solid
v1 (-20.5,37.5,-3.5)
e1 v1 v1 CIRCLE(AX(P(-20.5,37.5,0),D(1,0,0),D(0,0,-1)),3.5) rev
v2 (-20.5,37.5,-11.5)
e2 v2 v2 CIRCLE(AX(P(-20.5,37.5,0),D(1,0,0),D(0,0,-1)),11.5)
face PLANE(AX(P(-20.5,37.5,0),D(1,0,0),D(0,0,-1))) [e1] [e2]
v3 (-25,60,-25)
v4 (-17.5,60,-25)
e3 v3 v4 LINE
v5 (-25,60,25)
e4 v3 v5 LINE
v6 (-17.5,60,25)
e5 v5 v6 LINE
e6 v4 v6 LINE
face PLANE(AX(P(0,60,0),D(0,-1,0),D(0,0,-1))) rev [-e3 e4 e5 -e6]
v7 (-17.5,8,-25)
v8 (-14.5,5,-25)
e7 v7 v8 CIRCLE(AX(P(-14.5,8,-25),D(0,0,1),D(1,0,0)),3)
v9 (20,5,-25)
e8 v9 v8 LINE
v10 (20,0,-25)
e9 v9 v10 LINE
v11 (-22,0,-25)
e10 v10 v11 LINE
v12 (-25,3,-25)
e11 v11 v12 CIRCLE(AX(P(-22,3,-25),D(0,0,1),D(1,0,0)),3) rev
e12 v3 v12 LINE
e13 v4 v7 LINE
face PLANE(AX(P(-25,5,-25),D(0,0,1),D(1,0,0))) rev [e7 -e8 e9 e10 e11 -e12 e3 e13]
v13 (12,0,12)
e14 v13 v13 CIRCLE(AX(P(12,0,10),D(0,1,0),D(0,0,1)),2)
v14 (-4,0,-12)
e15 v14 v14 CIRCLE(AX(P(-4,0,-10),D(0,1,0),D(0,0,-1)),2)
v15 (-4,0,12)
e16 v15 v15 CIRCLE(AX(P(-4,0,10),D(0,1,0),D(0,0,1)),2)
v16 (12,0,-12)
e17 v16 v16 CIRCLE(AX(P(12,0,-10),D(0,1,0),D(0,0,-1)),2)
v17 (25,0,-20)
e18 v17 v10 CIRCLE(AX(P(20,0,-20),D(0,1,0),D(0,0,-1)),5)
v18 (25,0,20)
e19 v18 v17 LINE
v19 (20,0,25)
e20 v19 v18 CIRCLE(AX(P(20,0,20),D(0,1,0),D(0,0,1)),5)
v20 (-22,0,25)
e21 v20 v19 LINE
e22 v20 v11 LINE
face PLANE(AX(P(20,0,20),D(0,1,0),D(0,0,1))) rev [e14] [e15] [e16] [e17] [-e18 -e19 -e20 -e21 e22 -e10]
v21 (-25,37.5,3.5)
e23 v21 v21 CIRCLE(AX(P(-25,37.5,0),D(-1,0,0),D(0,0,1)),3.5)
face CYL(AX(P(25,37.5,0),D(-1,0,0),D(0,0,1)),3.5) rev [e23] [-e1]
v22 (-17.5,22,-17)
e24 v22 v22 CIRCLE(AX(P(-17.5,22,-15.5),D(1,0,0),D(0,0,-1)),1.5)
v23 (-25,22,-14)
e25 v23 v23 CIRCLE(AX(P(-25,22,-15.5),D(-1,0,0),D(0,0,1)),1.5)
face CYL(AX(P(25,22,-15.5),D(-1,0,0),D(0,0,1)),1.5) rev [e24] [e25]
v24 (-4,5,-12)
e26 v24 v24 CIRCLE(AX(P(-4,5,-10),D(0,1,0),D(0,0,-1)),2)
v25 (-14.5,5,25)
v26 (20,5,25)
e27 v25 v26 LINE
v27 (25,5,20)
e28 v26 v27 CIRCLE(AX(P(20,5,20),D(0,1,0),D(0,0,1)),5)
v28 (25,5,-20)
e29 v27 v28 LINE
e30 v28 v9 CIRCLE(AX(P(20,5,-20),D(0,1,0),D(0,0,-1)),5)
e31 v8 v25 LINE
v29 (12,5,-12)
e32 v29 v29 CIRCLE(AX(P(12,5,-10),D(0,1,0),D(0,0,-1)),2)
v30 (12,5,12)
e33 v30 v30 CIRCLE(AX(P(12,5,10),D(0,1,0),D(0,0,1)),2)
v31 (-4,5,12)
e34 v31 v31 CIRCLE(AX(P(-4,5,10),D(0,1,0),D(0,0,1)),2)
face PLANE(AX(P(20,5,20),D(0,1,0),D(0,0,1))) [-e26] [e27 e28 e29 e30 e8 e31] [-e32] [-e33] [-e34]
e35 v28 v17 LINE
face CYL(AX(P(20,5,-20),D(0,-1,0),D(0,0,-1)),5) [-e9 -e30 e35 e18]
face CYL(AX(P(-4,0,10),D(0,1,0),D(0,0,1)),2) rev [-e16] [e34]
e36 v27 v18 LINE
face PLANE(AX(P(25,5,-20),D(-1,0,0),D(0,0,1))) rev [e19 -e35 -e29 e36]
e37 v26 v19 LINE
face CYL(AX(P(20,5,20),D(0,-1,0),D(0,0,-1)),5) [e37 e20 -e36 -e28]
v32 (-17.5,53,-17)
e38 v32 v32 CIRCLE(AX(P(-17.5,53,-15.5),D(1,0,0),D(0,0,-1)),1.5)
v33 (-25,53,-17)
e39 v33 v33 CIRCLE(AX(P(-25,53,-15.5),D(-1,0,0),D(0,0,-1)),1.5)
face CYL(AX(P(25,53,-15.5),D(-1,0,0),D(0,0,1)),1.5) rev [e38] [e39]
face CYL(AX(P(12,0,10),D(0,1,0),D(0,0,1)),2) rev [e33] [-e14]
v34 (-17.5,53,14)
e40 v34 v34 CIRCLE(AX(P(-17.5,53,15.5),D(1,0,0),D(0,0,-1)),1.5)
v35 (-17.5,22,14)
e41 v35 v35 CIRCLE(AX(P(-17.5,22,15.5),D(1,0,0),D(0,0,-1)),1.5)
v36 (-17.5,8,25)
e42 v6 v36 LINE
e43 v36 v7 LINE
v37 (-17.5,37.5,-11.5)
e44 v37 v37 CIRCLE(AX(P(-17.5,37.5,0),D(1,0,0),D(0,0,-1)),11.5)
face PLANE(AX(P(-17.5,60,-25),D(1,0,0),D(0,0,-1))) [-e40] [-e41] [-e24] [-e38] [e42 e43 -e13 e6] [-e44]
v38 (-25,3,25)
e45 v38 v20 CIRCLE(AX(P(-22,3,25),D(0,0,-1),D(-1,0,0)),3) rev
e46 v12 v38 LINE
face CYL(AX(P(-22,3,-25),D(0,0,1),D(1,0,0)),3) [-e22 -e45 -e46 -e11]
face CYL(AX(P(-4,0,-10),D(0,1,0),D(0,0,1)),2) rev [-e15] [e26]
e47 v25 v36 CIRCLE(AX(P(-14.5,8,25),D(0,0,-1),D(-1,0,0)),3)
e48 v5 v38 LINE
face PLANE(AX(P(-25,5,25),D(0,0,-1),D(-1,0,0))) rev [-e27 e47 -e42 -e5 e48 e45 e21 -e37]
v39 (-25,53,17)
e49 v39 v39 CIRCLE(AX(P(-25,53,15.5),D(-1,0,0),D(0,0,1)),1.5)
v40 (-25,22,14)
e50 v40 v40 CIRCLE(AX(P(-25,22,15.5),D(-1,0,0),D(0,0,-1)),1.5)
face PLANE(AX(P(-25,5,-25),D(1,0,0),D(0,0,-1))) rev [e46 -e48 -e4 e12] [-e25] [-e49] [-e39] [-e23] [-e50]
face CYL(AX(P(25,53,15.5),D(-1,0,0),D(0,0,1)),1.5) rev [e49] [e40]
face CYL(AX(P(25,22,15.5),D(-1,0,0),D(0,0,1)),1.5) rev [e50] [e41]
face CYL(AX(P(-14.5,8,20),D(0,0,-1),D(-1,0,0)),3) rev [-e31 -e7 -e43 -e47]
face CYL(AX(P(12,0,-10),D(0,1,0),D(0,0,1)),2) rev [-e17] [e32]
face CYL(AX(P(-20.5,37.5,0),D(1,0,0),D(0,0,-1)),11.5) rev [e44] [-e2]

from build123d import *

# Parameters (mm, degrees)
BOSS_EXTRUDE1_DEPTH = 5
SKETCH2_W           = 7.5
SKETCH2_H           = 50
BOSS_EXTRUDE2_DEPTH = 55
FILLET1_R           = 3
FILLET2_R           = 3
SKETCH3_R           = 1.5
SKETCH3_R_2         = 3.5
CUT_EXTRUDE1_DEPTH  = 83.006097334
SKETCH4_R           = 11.5
CUT_EXTRUDE2_DEPTH  = 3
SKETCH6_R           = 2
CUT_EXTRUDE3_DEPTH  = 66.383484153


with BuildPart() as part:
    # Sketch1 → Boss-Extrude1 (new body)
    with BuildSketch(Plane(origin=(0, 0, 0), x_dir=(1, 0, 0), z_dir=(0, 1, 0))):
        with BuildLine():
            Line((-25, 25), (20, 25))
            ThreePointArc((20, 25), (23.535533906, 23.535533906), (25, 20))
            Line((25, 20), (25, -20))
            ThreePointArc((25, -20), (23.535533906, -23.535533906), (20, -25))
            Line((20, -25), (-25, -25))
            Line((-25, -25), (-25, 25))
        make_face()
    extrude(amount=BOSS_EXTRUDE1_DEPTH)

    # Sketch2 → Boss-Extrude2 (add)
    with BuildSketch(Plane(origin=(0, 5, 0), x_dir=(1, 0, 0), z_dir=(0, 1, 0))):
        with Locations((-21.25, 0)):
            Rectangle(SKETCH2_W, SKETCH2_H)
    extrude(amount=BOSS_EXTRUDE2_DEPTH)

    # Fillet1
    fillet1_edges = [part.edges().sort_by_distance(p)[0] for p in [
        (-17.5, 5, 0),
    ]]
    fillet(fillet1_edges, radius=FILLET1_R)

    # Fillet2
    fillet2_edges = [part.edges().sort_by_distance(p)[0] for p in [
        (-25, 0, 0),
    ]]
    fillet(fillet2_edges, radius=FILLET2_R)

    # Sketch3 → Cut-Extrude1 (cut, through all)
    with BuildSketch(Plane.ZY.offset(25)):
        with Locations((15.5, 53)):
            Circle(SKETCH3_R)
        with Locations(Location((-15.5, 53, 0), (0, 0, 180))):
            Circle(SKETCH3_R)
        with Locations((0, 37.5)):
            Circle(SKETCH3_R_2)
        with Locations(Location((15.5, 22, 0), (0, 0, 180))):
            Circle(SKETCH3_R)
        with Locations((-15.5, 22)):
            Circle(SKETCH3_R)
    extrude(amount=-CUT_EXTRUDE1_DEPTH, mode=Mode.SUBTRACT)

    # Sketch4 → Cut-Extrude2 (cut)
    with BuildSketch(Plane(origin=(-17.5, 0, 0), x_dir=(0, 0, -1), z_dir=(1, 0, 0))):
        with Locations((0, 37.5)):
            Circle(SKETCH4_R)
    extrude(amount=-CUT_EXTRUDE2_DEPTH, mode=Mode.SUBTRACT)

    # Sketch6 → Cut-Extrude3 (cut, through all)
    with BuildSketch(Plane(origin=(0, 5, 0), x_dir=(1, 0, 0), z_dir=(0, 1, 0))):
        with Locations(Location((12, -10, 0), (0, 0, 270))):
            Circle(SKETCH6_R)
        with Locations(Location((-4, -10, 0), (0, 0, 270))):
            Circle(SKETCH6_R)
        with Locations(Location((12, 10, 0), (0, 0, 90))):
            Circle(SKETCH6_R)
        with Locations(Location((-4, 10, 0), (0, 0, 90))):
            Circle(SKETCH6_R)
    extrude(amount=-CUT_EXTRUDE3_DEPTH, mode=Mode.SUBTRACT)


solid = part.part
